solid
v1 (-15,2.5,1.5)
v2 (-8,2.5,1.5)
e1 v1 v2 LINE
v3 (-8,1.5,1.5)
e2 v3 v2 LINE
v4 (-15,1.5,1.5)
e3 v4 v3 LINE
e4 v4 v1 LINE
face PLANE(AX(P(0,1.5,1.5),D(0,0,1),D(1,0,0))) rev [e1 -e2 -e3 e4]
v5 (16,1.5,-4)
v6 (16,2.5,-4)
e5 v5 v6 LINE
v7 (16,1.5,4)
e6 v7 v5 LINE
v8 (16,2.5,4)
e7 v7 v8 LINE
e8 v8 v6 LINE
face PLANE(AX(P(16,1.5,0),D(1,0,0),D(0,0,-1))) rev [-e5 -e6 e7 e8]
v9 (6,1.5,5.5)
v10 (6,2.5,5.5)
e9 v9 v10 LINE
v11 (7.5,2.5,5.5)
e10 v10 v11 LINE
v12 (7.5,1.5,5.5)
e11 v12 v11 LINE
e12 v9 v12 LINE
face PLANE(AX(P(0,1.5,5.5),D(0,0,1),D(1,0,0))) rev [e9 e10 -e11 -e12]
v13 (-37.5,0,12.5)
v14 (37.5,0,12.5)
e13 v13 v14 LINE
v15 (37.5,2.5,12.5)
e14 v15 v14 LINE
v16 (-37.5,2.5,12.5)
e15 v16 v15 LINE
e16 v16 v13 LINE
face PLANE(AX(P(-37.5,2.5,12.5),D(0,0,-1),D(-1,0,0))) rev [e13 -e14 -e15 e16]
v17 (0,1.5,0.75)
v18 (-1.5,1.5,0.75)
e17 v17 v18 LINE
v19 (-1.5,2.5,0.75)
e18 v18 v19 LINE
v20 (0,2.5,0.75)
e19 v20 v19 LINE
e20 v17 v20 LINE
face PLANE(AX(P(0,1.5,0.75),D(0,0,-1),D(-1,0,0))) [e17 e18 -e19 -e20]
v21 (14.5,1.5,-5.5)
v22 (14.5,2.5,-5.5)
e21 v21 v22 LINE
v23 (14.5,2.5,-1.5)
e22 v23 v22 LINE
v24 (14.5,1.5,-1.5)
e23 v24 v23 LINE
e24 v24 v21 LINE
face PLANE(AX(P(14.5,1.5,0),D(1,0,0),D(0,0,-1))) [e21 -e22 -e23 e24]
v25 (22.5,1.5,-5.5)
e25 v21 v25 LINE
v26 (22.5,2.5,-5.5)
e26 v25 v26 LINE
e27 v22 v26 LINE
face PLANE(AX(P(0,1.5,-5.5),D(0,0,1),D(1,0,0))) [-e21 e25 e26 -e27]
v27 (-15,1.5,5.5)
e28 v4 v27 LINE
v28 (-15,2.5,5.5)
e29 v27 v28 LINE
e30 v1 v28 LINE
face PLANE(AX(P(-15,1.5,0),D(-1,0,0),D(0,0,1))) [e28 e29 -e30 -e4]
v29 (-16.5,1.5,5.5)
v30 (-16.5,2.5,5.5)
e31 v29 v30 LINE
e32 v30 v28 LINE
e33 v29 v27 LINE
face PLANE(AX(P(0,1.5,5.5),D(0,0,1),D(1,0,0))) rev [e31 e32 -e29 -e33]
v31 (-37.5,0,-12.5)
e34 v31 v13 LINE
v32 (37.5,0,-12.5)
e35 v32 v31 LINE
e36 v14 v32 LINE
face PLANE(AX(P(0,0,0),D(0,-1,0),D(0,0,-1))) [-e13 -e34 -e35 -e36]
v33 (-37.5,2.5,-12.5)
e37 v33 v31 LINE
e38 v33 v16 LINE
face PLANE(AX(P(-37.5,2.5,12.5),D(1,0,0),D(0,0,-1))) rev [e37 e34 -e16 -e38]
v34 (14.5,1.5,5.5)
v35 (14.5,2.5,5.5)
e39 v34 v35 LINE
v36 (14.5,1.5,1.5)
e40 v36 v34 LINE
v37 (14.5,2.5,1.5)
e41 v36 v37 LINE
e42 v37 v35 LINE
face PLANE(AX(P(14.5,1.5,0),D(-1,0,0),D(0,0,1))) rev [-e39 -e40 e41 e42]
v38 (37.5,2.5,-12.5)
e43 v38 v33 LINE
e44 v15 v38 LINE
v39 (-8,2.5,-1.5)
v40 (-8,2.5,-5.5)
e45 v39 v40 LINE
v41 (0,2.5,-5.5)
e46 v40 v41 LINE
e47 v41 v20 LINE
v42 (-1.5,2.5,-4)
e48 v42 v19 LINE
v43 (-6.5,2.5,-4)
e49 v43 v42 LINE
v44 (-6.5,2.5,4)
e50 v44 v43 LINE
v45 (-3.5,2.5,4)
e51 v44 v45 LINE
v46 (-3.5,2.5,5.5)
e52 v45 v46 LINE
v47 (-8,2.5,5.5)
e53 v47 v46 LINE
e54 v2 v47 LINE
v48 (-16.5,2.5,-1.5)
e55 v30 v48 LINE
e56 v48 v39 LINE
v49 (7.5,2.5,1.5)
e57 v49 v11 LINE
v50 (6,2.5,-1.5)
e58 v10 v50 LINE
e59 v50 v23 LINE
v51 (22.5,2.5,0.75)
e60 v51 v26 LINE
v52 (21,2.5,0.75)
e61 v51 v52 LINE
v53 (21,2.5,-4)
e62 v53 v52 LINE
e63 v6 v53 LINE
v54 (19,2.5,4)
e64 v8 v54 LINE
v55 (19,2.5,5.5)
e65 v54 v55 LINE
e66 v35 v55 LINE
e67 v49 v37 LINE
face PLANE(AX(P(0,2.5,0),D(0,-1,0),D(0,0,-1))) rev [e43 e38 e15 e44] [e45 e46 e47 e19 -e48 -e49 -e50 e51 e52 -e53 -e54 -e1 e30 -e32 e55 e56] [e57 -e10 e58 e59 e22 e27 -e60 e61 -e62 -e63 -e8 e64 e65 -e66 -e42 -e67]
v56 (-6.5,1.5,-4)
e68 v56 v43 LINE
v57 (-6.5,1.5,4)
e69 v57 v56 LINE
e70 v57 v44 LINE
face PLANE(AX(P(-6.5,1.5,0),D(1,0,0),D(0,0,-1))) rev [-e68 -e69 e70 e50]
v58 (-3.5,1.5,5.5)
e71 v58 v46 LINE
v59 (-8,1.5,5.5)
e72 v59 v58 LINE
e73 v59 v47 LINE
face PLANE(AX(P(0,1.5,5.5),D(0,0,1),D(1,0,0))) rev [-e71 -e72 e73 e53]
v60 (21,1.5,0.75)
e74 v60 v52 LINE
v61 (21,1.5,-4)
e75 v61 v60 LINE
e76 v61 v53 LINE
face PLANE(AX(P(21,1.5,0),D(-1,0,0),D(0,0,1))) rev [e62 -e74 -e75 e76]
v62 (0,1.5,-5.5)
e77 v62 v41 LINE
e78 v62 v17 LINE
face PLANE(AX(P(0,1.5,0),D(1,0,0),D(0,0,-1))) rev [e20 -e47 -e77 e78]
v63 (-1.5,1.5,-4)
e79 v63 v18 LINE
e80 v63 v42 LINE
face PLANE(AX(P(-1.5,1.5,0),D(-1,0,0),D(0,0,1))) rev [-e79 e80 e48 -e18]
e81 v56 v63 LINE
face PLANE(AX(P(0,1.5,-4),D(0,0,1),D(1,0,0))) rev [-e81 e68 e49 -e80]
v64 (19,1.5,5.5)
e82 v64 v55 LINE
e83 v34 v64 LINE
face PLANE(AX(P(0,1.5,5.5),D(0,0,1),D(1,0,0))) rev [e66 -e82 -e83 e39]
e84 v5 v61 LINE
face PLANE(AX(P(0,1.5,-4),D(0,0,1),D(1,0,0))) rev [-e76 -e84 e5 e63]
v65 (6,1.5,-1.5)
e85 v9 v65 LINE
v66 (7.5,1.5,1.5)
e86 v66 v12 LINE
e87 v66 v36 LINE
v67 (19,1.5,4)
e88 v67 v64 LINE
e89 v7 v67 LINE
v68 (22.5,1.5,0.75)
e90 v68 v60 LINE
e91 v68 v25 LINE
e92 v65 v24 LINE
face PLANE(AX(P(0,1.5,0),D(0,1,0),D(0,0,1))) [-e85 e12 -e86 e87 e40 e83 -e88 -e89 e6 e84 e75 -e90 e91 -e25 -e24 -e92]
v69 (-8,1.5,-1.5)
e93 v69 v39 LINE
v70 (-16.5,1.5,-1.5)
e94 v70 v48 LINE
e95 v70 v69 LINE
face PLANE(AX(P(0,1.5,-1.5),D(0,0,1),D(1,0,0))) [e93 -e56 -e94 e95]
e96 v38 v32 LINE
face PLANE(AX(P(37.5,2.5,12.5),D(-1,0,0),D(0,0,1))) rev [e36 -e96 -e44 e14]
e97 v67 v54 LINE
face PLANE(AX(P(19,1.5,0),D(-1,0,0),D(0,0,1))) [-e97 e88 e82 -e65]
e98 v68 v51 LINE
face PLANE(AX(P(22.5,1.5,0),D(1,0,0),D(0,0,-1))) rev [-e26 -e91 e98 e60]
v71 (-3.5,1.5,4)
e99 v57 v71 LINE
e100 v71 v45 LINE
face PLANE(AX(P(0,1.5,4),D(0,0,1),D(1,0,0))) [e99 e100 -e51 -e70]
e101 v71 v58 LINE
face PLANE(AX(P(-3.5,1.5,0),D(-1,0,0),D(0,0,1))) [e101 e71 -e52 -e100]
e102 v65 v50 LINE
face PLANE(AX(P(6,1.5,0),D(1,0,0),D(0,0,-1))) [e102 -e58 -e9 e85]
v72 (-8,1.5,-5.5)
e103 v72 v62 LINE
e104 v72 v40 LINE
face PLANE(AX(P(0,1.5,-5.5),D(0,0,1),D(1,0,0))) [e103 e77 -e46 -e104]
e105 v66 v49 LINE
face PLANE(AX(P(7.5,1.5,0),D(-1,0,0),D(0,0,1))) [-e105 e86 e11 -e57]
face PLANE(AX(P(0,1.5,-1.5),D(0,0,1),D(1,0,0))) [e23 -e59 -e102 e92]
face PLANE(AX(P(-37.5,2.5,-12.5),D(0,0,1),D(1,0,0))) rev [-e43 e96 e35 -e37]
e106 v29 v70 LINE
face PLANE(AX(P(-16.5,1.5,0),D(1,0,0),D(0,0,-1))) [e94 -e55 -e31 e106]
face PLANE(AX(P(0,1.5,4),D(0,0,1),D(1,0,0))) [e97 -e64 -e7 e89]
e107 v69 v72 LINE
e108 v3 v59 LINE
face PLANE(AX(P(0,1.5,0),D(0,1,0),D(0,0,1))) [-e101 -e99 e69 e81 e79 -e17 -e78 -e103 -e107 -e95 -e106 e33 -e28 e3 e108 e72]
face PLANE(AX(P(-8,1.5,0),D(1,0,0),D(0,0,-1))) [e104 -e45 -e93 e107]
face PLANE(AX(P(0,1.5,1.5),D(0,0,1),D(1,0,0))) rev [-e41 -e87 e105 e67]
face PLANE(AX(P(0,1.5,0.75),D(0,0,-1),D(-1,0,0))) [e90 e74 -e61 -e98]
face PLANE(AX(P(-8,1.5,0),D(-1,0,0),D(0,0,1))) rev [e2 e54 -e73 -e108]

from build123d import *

# Parameters (mm, degrees)
SKETCH1_W           = 75
SKETCH1_H           = 25
BOSS_EXTRUDE1_DEPTH = 2.5
SKETCH2_W           = 1.5
SKETCH2_H           = 4
SKETCH2_H_2         = 2.5
SKETCH2_H_3         = 4.75
CUT_EXTRUDE1_DEPTH  = 1


with BuildPart() as part:
    # Sketch1 → Boss-Extrude1 (new body)
    with BuildSketch(Plane(origin=(0, 0, 0), x_dir=(1, 0, 0), z_dir=(0, 1, 0))):
        Rectangle(SKETCH1_W, SKETCH1_H)
    extrude(amount=BOSS_EXTRUDE1_DEPTH)

    # Sketch2 → Cut-Extrude1 (cut)
    with BuildSketch(Plane(origin=(0, 2.5, 0), x_dir=(1, 0, 0), z_dir=(0, 1, 0))):
        Polygon((6, 1.5), (6, -1.5), (7.5, -1.5), (14.5, -1.5), (16, -1.5), (16, -1), (16, 0), (16, 1.5), (14.5, 1.5), align=None)
        with Locations((6.75, -3.5)):
            Rectangle(SKETCH2_W, SKETCH2_H)
        with Locations((15.25, -2.75)):
            Rectangle(SKETCH2_W, SKETCH2_H_2)
        with Locations((15.25, 2.75)):
            Rectangle(SKETCH2_W, SKETCH2_H_2)
        Polygon((16, -4), (14.5, -4), (14.5, -5.5), (19, -5.5), (19, -4), align=None)
        Polygon((14.5, 5.5), (14.5, 4), (16, 4), (21, 4), (22.5, 4), (22.5, 5.5), align=None)
        with Locations((21.75, 1.625)):
            Rectangle(SKETCH2_W, SKETCH2_H_3)
        Polygon((-16.5, 1.5), (-16.5, -1.5), (-15, -1.5), (-8, -1.5), (-6.5, -1.5), (-6.5, -1), (-6.5, 0), (-6.5, 1.5), (-8, 1.5), align=None)
        with Locations((-15.75, -3.5)):
            Rectangle(SKETCH2_W, SKETCH2_H)
        with Locations((-7.25, -2.75)):
            Rectangle(SKETCH2_W, SKETCH2_H_2)
        with Locations((-7.25, 2.75)):
            Rectangle(SKETCH2_W, SKETCH2_H_2)
        Polygon((-6.5, -4), (-8, -4), (-8, -5.5), (-3.5, -5.5), (-3.5, -4), align=None)
        Polygon((-8, 5.5), (-8, 4), (-6.5, 4), (-1.5, 4), (0, 4), (0, 5.5), align=None)
        with Locations((-0.75, 1.625)):
            Rectangle(SKETCH2_W, SKETCH2_H_3)
    extrude(amount=-CUT_EXTRUDE1_DEPTH, mode=Mode.SUBTRACT)


solid = part.part
